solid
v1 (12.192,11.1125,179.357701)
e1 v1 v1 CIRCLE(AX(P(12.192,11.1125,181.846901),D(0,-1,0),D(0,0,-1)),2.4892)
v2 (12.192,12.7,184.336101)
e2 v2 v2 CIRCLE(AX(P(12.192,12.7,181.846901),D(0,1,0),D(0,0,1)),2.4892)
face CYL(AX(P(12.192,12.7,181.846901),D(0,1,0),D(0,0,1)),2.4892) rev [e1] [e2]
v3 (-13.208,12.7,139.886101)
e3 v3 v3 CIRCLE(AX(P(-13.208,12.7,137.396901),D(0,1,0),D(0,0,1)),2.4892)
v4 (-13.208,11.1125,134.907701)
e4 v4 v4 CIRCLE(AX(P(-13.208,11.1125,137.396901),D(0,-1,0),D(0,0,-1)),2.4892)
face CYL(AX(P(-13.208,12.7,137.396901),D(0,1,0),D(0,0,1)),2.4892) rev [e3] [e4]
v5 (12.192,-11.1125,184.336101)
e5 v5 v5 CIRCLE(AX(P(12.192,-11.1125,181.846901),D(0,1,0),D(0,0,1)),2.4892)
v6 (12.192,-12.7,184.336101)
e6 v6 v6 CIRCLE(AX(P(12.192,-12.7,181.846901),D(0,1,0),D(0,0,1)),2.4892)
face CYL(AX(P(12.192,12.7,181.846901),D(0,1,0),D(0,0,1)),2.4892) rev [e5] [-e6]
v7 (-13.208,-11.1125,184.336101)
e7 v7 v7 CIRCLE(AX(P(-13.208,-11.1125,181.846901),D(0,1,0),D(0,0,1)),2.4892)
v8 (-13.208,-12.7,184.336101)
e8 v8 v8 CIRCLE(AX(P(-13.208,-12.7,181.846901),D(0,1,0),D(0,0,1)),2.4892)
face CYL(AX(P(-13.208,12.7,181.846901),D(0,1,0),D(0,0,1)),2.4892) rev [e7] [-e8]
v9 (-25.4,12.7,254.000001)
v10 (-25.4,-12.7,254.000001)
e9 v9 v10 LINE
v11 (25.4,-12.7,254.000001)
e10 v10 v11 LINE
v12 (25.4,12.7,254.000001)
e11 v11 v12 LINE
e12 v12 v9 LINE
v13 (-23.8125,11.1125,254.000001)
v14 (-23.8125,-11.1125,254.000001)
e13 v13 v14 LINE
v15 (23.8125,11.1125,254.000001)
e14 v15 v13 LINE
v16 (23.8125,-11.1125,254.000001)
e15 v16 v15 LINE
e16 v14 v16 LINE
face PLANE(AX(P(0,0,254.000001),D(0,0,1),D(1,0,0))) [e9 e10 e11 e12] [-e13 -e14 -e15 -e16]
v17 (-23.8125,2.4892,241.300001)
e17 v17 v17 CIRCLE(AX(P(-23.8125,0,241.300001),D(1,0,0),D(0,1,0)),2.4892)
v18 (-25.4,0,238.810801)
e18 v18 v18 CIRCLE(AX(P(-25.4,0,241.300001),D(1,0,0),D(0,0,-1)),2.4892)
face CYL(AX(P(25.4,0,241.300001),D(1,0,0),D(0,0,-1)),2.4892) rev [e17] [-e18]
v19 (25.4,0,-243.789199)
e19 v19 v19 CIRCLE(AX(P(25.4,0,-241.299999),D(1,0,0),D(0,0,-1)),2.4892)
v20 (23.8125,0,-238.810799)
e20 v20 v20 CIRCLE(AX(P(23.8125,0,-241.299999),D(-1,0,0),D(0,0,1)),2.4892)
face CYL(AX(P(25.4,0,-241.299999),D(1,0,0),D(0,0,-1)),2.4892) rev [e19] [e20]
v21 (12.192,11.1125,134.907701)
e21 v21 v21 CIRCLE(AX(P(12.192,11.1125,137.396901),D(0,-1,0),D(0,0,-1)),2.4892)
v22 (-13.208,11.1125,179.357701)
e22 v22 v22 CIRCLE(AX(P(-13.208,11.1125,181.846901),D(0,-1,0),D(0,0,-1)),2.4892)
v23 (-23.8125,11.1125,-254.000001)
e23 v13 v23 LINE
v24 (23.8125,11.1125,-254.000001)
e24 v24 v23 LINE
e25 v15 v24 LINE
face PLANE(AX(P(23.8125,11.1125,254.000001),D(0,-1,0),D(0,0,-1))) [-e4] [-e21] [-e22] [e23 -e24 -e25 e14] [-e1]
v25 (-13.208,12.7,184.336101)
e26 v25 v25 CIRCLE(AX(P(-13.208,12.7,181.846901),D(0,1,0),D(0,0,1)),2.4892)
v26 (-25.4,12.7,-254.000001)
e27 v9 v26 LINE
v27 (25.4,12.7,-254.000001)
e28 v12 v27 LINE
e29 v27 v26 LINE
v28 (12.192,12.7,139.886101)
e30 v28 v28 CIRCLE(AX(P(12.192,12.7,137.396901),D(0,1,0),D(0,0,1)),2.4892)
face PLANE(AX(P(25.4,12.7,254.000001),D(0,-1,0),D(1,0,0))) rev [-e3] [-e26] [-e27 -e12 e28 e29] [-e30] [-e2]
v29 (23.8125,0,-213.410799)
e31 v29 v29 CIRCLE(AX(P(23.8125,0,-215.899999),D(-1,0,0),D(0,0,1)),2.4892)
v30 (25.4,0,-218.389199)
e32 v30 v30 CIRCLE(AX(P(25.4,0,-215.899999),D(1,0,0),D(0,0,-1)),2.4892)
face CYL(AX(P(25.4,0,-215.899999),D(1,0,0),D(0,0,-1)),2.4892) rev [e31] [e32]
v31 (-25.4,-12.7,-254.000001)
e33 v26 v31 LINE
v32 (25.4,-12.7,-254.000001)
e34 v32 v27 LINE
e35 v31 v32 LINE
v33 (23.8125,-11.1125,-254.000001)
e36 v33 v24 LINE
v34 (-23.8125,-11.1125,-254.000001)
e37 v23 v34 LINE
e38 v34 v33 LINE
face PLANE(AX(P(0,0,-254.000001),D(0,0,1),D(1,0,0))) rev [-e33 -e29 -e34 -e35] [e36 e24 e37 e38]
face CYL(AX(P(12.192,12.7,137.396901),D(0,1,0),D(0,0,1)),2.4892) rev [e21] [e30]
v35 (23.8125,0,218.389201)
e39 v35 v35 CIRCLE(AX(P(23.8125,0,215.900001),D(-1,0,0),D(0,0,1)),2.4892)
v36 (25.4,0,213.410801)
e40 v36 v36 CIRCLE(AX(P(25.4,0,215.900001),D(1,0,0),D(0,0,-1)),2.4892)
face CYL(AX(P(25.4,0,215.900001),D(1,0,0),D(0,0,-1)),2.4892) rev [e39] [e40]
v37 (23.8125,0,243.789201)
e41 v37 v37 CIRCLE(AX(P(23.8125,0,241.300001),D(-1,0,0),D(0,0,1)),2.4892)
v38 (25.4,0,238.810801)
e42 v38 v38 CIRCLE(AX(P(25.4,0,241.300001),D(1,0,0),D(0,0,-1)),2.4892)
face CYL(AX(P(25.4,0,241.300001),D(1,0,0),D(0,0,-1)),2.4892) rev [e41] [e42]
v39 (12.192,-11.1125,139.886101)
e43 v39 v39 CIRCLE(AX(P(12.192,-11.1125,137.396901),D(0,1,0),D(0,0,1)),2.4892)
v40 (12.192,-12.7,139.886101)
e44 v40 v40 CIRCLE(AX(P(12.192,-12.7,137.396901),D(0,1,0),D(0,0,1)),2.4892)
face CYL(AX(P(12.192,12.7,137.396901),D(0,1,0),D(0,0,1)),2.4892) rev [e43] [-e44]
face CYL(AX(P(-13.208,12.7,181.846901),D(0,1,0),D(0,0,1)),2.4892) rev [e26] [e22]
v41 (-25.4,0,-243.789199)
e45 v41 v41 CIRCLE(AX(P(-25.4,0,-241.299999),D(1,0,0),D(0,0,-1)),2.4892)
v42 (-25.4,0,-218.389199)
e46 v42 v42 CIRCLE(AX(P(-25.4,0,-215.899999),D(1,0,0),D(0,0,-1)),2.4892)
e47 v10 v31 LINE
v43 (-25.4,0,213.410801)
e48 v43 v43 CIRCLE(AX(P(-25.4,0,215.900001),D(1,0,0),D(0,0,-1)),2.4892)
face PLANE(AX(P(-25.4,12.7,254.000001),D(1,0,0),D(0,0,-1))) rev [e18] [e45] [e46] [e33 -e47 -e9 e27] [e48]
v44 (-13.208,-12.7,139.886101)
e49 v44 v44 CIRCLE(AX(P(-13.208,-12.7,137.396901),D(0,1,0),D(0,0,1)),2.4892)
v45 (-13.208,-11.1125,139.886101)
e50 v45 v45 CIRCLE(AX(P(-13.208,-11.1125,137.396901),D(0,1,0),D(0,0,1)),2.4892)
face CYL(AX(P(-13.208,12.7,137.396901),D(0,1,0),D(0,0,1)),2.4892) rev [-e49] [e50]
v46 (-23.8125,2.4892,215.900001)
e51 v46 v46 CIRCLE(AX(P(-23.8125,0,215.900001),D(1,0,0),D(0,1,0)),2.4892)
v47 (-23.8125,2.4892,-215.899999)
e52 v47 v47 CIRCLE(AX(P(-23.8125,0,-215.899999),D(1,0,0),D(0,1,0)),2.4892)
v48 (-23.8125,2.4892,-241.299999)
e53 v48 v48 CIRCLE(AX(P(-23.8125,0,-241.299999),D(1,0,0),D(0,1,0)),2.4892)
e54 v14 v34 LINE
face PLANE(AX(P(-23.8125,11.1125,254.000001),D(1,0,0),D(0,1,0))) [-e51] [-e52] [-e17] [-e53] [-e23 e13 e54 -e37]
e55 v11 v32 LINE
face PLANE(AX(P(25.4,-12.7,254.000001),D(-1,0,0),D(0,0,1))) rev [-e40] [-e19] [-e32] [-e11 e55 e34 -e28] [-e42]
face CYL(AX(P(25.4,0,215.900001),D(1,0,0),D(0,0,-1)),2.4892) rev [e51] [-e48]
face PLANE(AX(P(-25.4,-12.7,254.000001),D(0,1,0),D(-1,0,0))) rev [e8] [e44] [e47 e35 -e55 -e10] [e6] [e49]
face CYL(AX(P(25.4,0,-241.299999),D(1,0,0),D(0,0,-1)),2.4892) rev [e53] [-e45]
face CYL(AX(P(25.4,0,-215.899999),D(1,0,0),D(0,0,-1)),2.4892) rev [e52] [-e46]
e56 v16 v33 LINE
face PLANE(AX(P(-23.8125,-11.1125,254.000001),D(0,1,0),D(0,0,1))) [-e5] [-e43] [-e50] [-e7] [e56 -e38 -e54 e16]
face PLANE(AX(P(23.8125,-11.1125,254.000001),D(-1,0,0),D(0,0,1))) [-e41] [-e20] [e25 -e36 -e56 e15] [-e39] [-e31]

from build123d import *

# Parameters (mm, degrees)
BOSS_EXTRUDE1_DEPTH      = 254.000001
BOSS_EXTRUDE1_DEPTH_BACK = 254.000001
SKETCH3_W                = 50.8
SKETCH3_H                = 25.4
SKETCH3_W_2              = 47.625
SKETCH3_H_2              = 22.225
F_10_CLEARANCE_HOLE1_D   = 4.9784
F_10_CLEARANCE_HOLE2_D   = 4.9784


with BuildPart() as part:
    # Sketch3 → Boss-Extrude1 (new, two sides: drawn at the far end of the back side and taken through both)
    with BuildSketch(Plane.XY.offset(-BOSS_EXTRUDE1_DEPTH_BACK)):
        Rectangle(SKETCH3_W, SKETCH3_H)
        Rectangle(SKETCH3_W_2, SKETCH3_H_2, mode=Mode.SUBTRACT)
    extrude(amount=BOSS_EXTRUDE1_DEPTH + BOSS_EXTRUDE1_DEPTH_BACK)

    # #10 Clearance Hole1 (through all)
    with Locations(Plane(origin=(25.4, 0, 0), x_dir=(0, 0, -1), z_dir=(1, 0, 0))):
        with Locations((-241.300000508, 0), (-215.900000508, 0), (215.899999492, 0), (241.299999492, 0)):
            Hole(F_10_CLEARANCE_HOLE1_D / 2)

    # #10 Clearance Hole2 (through all)
    with Locations(Plane(origin=(0, 12.7, 0), x_dir=(1, 0, 0), z_dir=(0, 1, 0))):
        with Locations((12.19200009, -137.396900508), (-13.20799991, -137.396900508), (-13.20799991, -181.846900508), (12.19200009, -181.846900508)):
            Hole(F_10_CLEARANCE_HOLE2_D / 2)


solid = part.part
